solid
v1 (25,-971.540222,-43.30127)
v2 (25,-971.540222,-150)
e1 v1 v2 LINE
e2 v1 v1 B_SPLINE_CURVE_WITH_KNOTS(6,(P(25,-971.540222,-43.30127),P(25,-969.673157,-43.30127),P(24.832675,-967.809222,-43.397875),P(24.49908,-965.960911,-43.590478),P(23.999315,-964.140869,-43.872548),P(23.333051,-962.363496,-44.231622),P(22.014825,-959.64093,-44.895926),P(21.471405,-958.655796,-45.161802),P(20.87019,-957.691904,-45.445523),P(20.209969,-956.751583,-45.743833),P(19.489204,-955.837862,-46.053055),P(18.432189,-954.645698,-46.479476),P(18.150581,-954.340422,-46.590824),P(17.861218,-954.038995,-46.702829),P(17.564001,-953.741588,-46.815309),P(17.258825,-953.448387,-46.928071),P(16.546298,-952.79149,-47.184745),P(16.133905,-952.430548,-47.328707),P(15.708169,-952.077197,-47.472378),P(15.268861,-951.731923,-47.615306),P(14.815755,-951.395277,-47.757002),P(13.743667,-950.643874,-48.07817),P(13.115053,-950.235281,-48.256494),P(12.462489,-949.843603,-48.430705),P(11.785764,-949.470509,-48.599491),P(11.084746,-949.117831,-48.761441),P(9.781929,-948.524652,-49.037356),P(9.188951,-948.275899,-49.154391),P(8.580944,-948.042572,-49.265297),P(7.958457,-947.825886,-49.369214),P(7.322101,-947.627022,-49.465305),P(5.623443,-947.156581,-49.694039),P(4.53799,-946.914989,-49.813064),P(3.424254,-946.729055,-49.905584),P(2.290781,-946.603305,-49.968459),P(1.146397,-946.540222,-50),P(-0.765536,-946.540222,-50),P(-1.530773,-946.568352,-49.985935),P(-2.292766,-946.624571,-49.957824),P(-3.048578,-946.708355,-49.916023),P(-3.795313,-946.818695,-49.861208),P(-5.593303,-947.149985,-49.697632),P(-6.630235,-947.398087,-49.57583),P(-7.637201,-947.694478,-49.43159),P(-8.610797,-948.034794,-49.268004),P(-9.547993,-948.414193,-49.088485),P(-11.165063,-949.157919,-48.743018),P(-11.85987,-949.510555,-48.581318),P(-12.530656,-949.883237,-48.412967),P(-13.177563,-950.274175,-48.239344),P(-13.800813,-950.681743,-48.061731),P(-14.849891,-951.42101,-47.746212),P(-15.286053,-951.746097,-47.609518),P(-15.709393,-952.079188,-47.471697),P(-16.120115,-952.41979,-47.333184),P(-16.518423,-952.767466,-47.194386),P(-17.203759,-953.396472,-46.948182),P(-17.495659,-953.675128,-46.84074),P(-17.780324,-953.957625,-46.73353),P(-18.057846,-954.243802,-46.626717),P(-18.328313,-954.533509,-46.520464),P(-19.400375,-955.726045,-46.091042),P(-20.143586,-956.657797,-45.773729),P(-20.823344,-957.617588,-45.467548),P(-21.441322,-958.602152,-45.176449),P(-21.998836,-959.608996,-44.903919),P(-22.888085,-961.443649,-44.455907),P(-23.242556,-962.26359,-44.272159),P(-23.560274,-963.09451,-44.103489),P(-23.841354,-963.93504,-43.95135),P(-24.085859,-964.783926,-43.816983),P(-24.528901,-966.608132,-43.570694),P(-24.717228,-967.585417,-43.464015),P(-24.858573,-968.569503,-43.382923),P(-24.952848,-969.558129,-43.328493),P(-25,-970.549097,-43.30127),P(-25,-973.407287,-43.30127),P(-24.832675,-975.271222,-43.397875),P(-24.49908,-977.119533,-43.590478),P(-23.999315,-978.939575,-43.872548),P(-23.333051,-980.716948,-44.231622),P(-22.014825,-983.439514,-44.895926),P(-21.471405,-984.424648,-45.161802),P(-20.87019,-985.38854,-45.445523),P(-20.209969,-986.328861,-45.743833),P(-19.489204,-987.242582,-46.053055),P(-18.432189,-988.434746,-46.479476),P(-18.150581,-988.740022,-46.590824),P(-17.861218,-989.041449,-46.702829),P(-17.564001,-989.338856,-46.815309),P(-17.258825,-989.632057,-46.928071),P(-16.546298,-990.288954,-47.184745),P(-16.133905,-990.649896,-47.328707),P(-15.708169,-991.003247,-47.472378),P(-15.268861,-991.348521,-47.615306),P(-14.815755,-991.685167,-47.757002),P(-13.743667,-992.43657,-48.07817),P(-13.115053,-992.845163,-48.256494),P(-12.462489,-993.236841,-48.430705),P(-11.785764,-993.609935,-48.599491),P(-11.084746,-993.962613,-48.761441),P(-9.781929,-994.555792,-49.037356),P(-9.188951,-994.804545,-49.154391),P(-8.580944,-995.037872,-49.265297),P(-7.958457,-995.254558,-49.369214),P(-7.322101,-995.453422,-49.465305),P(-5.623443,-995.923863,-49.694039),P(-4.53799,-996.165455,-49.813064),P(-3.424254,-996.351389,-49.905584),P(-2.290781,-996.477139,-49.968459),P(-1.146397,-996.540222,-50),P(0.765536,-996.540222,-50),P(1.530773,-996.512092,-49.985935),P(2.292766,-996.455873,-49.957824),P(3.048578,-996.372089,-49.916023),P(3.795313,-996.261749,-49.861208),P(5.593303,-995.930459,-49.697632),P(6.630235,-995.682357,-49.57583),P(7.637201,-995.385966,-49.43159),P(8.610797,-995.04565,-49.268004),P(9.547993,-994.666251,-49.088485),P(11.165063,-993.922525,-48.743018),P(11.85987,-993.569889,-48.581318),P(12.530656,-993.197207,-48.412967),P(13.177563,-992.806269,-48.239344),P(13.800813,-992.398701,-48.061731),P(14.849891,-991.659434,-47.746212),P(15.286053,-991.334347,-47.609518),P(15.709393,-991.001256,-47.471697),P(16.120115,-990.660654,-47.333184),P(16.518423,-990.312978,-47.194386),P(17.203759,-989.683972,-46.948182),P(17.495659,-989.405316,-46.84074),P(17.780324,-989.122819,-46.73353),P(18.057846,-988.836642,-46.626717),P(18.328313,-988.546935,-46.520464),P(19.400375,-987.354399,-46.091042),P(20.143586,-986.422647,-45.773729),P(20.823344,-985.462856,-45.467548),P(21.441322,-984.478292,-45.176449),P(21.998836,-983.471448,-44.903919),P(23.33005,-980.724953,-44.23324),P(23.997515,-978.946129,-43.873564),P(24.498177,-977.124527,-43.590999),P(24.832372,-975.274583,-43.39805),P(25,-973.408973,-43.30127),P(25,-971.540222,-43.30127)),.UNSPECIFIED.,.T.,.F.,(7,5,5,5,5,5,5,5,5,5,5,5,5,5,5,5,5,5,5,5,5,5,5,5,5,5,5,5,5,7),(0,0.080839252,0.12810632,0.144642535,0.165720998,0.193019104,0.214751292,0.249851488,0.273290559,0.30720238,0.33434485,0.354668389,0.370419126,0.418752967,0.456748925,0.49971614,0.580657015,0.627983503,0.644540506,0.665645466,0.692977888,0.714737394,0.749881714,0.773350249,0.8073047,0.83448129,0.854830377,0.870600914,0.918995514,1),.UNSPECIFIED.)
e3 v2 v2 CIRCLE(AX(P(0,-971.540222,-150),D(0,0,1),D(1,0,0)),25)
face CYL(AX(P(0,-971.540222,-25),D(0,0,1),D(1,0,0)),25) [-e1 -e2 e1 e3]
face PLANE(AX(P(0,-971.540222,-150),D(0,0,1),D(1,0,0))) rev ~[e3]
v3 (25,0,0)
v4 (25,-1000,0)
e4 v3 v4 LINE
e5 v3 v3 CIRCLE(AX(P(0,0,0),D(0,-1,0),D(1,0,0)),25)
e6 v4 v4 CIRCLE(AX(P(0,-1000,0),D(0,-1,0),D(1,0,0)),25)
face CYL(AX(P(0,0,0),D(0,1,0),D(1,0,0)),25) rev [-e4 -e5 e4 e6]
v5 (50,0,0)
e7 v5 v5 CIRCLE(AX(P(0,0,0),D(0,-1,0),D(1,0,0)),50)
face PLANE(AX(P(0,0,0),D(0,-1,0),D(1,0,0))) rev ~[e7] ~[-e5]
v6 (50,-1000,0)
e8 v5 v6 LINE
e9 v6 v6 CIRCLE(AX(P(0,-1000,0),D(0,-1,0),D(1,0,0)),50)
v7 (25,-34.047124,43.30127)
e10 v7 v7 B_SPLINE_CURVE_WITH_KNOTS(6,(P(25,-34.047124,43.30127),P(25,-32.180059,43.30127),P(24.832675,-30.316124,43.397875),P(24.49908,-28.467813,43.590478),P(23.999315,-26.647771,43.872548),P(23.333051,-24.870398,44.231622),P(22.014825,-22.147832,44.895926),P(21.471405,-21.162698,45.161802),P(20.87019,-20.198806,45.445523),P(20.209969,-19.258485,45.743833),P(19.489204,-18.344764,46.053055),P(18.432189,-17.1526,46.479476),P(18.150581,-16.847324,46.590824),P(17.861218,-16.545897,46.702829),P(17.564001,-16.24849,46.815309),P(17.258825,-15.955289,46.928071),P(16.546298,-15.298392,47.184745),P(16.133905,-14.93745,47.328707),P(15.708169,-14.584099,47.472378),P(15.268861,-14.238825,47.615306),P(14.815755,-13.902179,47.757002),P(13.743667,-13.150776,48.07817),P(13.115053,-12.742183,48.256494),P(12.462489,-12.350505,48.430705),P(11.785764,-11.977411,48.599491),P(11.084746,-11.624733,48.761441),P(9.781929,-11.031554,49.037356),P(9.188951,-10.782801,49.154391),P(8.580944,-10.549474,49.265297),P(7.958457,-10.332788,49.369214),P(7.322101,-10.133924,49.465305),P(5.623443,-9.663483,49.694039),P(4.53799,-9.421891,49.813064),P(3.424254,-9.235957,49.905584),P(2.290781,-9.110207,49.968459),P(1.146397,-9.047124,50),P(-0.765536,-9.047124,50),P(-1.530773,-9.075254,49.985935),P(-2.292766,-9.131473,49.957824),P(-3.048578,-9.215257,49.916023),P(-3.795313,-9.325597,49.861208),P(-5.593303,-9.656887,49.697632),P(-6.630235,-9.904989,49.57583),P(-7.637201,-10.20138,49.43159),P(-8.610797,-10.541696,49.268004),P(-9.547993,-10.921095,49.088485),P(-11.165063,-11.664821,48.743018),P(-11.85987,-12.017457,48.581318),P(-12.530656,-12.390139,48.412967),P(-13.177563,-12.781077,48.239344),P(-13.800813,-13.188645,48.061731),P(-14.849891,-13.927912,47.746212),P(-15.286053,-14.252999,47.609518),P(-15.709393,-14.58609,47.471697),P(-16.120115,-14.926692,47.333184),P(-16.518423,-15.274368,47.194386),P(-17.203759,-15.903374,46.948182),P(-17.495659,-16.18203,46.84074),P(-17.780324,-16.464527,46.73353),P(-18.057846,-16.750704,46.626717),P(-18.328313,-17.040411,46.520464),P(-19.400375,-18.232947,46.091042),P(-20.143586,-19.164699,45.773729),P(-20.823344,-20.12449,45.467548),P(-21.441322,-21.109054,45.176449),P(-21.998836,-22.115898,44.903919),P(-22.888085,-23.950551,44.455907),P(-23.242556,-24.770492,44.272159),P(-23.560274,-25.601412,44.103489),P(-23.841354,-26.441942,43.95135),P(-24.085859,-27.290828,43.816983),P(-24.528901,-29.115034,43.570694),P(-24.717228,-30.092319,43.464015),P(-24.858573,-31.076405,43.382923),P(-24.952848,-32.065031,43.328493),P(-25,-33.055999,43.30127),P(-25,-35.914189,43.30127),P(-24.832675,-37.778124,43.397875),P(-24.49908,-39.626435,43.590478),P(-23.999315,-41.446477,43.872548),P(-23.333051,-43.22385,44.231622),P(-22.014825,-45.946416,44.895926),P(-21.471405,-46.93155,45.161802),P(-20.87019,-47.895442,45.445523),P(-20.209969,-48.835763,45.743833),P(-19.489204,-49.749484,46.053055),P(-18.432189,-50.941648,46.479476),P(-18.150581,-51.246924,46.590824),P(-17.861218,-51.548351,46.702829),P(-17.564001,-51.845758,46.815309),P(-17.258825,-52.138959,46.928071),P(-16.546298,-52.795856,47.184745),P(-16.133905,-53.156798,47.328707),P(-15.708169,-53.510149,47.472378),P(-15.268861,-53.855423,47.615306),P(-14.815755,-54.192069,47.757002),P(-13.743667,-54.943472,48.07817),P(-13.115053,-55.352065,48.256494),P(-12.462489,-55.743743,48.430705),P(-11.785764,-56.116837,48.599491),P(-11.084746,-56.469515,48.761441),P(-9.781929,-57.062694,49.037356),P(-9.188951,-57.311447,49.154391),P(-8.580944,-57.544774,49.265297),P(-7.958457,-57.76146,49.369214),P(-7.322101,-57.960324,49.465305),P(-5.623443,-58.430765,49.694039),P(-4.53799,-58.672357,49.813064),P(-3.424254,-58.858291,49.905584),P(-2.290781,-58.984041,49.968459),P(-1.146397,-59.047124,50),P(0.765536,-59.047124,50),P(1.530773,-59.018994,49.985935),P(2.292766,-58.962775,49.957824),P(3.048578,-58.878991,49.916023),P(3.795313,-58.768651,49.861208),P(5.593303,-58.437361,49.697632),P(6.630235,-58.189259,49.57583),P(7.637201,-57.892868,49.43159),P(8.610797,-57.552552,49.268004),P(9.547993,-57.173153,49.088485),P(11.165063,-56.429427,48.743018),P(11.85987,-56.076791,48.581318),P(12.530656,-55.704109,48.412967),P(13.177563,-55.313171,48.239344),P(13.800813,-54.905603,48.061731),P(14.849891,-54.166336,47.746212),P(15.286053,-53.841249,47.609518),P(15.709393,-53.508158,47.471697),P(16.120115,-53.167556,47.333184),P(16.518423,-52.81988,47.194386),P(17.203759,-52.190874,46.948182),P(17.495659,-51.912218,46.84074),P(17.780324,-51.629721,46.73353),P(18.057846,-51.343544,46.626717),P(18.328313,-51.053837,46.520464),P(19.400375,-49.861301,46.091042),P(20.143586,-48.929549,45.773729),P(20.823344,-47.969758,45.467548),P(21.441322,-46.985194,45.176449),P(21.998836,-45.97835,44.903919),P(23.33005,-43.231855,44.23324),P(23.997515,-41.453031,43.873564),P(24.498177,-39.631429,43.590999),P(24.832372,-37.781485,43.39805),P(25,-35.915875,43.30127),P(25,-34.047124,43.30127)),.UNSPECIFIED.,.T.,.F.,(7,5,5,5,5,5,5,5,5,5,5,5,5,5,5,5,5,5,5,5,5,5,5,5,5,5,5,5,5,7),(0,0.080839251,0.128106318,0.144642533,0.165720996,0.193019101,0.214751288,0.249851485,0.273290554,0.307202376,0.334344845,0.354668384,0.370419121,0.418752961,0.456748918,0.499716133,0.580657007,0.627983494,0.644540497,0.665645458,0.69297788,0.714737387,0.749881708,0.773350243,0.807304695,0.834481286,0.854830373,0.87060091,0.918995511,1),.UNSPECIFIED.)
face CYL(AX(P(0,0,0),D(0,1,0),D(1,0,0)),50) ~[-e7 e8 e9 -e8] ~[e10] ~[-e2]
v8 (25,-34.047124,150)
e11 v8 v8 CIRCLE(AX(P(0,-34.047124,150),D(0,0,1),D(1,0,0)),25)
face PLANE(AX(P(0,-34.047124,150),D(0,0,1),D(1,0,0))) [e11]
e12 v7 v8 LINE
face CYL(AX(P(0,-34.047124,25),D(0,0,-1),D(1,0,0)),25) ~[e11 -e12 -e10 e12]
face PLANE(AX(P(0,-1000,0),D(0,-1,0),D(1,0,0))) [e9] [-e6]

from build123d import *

# Parameters (mm, degrees)
F0_R     = 50
F0_R_2   = 25
F3_DEPTH = 1000
F4_R     = 25
F5_DEPTH = 125
F6_R     = 25
F7_DEPTH = 125


with BuildPart() as f3:
    # F0 (on Front) → F3 (new body)
    with BuildSketch(Plane.XZ):
        Circle(F0_R)
        Circle(F0_R_2, mode=Mode.SUBTRACT)
    extrude(amount=F3_DEPTH)

    # F4 (on offset) → F5 (join)
    with BuildSketch(Plane.XY.offset(-25)):
        with Locations((0, -971.540222)):
            Circle(F4_R)
    extrude(amount=-F5_DEPTH)

    # F6 (on offset) → F7 (join)
    with BuildSketch(Plane.XY.offset(25)):
        with Locations((0, -34.047124)):
            Circle(F6_R)
    extrude(amount=F7_DEPTH)


solid = f3.part
